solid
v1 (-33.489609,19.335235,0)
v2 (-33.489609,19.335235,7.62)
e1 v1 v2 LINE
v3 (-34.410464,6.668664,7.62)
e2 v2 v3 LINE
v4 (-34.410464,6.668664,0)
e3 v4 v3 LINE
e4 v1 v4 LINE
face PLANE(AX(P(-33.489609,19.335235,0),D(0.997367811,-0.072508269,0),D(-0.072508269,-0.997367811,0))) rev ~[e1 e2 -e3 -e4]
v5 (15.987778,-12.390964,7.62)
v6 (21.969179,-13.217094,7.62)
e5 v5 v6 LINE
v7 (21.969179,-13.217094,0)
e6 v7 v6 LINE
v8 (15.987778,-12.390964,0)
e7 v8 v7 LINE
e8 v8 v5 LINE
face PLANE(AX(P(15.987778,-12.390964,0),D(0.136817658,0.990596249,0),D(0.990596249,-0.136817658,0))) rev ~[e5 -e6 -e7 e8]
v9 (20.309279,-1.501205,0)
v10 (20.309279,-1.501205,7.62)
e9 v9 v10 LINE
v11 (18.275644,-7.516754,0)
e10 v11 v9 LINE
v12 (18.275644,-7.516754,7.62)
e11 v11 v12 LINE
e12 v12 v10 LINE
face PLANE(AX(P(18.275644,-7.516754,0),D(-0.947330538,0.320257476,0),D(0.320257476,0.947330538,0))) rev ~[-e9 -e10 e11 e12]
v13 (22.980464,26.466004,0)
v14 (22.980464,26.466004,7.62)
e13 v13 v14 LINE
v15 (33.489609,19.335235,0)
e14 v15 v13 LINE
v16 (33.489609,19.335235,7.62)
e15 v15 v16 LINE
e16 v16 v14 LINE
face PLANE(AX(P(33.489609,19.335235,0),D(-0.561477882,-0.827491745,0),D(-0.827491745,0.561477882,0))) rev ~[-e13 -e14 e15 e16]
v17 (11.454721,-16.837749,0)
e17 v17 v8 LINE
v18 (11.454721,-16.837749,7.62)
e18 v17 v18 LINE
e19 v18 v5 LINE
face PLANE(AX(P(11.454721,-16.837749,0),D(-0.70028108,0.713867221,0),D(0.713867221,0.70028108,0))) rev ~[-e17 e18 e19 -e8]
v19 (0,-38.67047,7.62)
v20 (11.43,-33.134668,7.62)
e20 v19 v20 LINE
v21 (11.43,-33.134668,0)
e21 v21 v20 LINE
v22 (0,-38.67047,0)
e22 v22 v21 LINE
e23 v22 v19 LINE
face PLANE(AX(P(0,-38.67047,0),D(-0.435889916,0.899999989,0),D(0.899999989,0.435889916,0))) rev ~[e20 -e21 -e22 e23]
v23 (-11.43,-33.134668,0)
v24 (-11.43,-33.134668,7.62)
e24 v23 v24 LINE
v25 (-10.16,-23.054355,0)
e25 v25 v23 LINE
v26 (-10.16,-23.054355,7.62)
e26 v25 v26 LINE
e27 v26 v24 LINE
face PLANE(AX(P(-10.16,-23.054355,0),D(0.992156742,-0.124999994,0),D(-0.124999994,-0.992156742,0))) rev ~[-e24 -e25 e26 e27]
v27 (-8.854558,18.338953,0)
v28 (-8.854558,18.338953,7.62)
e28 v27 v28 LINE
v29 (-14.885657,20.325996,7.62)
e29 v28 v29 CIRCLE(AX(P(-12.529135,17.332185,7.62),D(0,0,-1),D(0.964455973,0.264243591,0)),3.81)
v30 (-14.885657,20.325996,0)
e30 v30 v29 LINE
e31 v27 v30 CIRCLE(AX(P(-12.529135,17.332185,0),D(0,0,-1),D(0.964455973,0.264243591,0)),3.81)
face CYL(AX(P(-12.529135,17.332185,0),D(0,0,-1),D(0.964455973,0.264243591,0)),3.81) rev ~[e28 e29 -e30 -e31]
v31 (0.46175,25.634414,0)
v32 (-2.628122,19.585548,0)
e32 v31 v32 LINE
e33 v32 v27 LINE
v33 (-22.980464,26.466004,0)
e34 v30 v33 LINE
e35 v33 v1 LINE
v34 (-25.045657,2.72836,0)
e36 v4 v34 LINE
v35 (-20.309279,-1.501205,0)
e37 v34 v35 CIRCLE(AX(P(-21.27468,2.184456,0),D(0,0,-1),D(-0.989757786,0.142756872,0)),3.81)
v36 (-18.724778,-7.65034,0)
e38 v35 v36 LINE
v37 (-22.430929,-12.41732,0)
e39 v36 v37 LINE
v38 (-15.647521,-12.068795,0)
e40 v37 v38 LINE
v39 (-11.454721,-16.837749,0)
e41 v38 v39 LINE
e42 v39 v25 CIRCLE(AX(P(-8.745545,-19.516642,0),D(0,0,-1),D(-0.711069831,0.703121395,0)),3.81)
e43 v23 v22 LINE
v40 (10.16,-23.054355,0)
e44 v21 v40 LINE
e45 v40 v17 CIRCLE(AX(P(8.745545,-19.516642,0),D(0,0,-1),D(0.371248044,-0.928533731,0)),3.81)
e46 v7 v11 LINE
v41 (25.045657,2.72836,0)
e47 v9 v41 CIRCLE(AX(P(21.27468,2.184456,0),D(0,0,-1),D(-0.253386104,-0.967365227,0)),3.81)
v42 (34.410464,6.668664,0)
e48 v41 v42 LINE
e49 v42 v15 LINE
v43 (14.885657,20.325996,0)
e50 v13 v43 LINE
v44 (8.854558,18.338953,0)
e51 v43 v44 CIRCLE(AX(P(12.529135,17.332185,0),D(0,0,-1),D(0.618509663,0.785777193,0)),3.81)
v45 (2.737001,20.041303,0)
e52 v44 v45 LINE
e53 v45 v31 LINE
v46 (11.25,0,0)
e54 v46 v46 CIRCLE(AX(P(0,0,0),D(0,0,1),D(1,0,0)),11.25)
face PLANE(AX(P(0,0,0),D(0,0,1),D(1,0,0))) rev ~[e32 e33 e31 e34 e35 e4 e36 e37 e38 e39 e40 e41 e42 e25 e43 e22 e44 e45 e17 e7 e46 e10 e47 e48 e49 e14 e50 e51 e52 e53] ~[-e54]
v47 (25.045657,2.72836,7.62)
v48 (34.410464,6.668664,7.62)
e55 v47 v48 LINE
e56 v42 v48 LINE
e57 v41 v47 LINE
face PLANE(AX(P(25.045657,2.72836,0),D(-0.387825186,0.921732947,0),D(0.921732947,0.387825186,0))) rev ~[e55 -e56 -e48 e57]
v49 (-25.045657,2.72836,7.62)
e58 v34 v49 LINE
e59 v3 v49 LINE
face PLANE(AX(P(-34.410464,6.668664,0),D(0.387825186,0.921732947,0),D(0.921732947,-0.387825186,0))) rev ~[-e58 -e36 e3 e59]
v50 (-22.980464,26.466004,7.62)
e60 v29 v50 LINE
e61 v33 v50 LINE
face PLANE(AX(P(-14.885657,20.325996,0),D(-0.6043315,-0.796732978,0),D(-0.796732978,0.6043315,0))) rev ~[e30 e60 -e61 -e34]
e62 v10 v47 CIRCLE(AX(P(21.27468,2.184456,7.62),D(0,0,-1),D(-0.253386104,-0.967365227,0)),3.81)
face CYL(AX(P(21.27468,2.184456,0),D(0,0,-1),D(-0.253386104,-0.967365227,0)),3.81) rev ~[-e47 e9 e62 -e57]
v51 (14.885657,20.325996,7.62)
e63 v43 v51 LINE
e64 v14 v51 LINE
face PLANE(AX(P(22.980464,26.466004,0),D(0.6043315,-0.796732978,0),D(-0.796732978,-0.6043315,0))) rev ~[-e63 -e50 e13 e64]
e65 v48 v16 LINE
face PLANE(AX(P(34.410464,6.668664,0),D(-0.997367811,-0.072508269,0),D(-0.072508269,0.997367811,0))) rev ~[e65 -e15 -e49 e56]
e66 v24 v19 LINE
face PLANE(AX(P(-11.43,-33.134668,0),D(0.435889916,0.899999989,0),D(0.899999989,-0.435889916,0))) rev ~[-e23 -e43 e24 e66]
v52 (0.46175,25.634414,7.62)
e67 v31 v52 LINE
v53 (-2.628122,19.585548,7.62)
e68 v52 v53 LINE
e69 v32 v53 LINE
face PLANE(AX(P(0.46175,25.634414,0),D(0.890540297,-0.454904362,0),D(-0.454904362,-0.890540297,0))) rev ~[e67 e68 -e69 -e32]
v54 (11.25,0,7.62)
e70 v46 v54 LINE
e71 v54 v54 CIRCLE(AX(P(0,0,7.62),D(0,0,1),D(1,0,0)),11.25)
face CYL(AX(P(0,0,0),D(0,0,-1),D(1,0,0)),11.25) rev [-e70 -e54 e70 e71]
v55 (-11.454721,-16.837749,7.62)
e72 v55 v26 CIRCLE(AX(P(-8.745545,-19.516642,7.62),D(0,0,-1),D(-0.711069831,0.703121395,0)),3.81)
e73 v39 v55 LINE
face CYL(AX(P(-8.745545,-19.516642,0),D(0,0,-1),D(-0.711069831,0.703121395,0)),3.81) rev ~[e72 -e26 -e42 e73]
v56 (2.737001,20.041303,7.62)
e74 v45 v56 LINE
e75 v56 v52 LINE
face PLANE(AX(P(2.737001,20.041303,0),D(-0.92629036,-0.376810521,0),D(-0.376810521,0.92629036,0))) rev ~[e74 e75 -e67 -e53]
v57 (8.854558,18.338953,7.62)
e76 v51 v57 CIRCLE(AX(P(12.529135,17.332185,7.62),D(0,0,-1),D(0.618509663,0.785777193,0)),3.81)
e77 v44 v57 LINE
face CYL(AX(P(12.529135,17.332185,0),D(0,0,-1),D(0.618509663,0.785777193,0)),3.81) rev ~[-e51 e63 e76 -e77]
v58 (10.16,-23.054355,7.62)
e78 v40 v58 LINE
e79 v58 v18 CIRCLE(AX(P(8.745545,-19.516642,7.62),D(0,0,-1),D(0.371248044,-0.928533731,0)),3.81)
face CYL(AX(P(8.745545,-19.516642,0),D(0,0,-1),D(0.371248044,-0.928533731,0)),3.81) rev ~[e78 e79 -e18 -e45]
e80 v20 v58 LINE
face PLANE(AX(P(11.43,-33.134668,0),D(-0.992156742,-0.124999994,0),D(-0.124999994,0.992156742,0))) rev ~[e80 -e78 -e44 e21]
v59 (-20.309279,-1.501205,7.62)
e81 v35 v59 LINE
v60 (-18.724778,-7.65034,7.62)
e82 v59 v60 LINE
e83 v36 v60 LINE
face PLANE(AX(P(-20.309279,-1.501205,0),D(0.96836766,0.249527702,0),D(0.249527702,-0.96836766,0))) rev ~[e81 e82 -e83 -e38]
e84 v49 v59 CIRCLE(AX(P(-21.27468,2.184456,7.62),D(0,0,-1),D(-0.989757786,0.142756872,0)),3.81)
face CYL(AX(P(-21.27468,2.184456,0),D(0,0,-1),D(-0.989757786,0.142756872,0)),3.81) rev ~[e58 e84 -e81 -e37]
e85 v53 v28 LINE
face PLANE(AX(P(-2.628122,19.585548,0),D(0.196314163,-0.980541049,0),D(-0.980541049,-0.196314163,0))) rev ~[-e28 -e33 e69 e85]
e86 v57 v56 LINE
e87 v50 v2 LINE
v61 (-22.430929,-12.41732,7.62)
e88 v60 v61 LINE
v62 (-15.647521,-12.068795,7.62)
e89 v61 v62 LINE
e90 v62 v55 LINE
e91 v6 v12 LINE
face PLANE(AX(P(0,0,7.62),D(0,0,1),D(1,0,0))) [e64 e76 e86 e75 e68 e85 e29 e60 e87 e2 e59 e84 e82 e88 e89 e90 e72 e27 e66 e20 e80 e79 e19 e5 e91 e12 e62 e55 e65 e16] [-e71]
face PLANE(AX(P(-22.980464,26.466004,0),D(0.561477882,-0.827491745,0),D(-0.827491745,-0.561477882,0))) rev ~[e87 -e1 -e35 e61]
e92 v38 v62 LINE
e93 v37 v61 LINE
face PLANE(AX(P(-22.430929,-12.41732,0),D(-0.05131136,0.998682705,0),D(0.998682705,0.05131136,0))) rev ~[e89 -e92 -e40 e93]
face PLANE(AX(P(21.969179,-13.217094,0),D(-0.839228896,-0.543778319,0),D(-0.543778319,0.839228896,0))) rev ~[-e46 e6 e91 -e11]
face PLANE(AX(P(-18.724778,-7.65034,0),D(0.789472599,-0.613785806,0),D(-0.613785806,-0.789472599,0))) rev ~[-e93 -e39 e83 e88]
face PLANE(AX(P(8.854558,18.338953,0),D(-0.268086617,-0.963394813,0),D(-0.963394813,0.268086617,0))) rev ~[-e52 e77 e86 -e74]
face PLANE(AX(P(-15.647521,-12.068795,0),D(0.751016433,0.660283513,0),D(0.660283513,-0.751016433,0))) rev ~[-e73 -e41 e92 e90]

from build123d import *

# Parameters (mm, degrees)
F0_R     = 13.97
F0_R_2   = 11.25
F1_DEPTH = 7.62


with BuildPart() as f1:
    # F0 (on Top) → F1 (new body)
    with BuildSketch(Plane.XY):
        with BuildLine():
            ThreePointArc((-11.454721, -16.837749), (-5.015581, -18.739809), (-10.16, -23.054355))
            Line((-10.16, -23.054355), (-11.43, -33.134668))
            Line((-11.43, -33.134668), (0, -38.67047))
            Line((0, -38.67047), (11.43, -33.134668))
            Line((11.43, -33.134668), (10.16, -23.054355))
            ThreePointArc((10.16, -23.054355), (5.015581, -18.739809), (11.454721, -16.837749))
            Line((11.454721, -16.837749), (15.987778, -12.390964))
            Line((15.987778, -12.390964), (21.969179, -13.217094))
            Line((21.969179, -13.217094), (18.275644, -7.516754))
            Line((18.275644, -7.516754), (20.309279, -1.501205))
            ThreePointArc((20.309279, -1.501205), (18.736942, 5.026284), (25.045657, 2.72836))
            Line((25.045657, 2.72836), (34.410464, 6.668664))
            Line((34.410464, 6.668664), (33.489609, 19.335235))
            Line((33.489609, 19.335235), (22.980464, 26.466004))
            Line((22.980464, 26.466004), (14.885657, 20.325996))
            ThreePointArc((14.885657, 20.325996), (13.72136, 13.713525), (8.854558, 18.338953))
            Line((8.854558, 18.338953), (2.737001, 20.041303))
            Line((2.737001, 20.041303), (0.46175, 25.634414))
            Line((0.46175, 25.634414), (-2.628122, 19.585548))
            Line((-2.628122, 19.585548), (-8.854558, 18.338953))
            ThreePointArc((-8.854558, 18.338953), (-13.72136, 13.713525), (-14.885657, 20.325996))
            Line((-14.885657, 20.325996), (-22.980464, 26.466004))
            Line((-22.980464, 26.466004), (-33.489609, 19.335235))
            Line((-33.489609, 19.335235), (-34.410464, 6.668664))
            Line((-34.410464, 6.668664), (-25.045657, 2.72836))
            ThreePointArc((-25.045657, 2.72836), (-18.736942, 5.026284), (-20.309279, -1.501205))
            Line((-20.309279, -1.501205), (-18.724778, -7.65034))
            Line((-18.724778, -7.65034), (-22.430929, -12.41732))
            Line((-22.430929, -12.41732), (-15.647521, -12.068795))
            Line((-15.647521, -12.068795), (-11.454721, -16.837749))
        make_face()
        Circle(F0_R, mode=Mode.SUBTRACT)
        Circle(F0_R)
        Circle(F0_R_2, mode=Mode.SUBTRACT)
    extrude(amount=F1_DEPTH)


solid = f1.part
